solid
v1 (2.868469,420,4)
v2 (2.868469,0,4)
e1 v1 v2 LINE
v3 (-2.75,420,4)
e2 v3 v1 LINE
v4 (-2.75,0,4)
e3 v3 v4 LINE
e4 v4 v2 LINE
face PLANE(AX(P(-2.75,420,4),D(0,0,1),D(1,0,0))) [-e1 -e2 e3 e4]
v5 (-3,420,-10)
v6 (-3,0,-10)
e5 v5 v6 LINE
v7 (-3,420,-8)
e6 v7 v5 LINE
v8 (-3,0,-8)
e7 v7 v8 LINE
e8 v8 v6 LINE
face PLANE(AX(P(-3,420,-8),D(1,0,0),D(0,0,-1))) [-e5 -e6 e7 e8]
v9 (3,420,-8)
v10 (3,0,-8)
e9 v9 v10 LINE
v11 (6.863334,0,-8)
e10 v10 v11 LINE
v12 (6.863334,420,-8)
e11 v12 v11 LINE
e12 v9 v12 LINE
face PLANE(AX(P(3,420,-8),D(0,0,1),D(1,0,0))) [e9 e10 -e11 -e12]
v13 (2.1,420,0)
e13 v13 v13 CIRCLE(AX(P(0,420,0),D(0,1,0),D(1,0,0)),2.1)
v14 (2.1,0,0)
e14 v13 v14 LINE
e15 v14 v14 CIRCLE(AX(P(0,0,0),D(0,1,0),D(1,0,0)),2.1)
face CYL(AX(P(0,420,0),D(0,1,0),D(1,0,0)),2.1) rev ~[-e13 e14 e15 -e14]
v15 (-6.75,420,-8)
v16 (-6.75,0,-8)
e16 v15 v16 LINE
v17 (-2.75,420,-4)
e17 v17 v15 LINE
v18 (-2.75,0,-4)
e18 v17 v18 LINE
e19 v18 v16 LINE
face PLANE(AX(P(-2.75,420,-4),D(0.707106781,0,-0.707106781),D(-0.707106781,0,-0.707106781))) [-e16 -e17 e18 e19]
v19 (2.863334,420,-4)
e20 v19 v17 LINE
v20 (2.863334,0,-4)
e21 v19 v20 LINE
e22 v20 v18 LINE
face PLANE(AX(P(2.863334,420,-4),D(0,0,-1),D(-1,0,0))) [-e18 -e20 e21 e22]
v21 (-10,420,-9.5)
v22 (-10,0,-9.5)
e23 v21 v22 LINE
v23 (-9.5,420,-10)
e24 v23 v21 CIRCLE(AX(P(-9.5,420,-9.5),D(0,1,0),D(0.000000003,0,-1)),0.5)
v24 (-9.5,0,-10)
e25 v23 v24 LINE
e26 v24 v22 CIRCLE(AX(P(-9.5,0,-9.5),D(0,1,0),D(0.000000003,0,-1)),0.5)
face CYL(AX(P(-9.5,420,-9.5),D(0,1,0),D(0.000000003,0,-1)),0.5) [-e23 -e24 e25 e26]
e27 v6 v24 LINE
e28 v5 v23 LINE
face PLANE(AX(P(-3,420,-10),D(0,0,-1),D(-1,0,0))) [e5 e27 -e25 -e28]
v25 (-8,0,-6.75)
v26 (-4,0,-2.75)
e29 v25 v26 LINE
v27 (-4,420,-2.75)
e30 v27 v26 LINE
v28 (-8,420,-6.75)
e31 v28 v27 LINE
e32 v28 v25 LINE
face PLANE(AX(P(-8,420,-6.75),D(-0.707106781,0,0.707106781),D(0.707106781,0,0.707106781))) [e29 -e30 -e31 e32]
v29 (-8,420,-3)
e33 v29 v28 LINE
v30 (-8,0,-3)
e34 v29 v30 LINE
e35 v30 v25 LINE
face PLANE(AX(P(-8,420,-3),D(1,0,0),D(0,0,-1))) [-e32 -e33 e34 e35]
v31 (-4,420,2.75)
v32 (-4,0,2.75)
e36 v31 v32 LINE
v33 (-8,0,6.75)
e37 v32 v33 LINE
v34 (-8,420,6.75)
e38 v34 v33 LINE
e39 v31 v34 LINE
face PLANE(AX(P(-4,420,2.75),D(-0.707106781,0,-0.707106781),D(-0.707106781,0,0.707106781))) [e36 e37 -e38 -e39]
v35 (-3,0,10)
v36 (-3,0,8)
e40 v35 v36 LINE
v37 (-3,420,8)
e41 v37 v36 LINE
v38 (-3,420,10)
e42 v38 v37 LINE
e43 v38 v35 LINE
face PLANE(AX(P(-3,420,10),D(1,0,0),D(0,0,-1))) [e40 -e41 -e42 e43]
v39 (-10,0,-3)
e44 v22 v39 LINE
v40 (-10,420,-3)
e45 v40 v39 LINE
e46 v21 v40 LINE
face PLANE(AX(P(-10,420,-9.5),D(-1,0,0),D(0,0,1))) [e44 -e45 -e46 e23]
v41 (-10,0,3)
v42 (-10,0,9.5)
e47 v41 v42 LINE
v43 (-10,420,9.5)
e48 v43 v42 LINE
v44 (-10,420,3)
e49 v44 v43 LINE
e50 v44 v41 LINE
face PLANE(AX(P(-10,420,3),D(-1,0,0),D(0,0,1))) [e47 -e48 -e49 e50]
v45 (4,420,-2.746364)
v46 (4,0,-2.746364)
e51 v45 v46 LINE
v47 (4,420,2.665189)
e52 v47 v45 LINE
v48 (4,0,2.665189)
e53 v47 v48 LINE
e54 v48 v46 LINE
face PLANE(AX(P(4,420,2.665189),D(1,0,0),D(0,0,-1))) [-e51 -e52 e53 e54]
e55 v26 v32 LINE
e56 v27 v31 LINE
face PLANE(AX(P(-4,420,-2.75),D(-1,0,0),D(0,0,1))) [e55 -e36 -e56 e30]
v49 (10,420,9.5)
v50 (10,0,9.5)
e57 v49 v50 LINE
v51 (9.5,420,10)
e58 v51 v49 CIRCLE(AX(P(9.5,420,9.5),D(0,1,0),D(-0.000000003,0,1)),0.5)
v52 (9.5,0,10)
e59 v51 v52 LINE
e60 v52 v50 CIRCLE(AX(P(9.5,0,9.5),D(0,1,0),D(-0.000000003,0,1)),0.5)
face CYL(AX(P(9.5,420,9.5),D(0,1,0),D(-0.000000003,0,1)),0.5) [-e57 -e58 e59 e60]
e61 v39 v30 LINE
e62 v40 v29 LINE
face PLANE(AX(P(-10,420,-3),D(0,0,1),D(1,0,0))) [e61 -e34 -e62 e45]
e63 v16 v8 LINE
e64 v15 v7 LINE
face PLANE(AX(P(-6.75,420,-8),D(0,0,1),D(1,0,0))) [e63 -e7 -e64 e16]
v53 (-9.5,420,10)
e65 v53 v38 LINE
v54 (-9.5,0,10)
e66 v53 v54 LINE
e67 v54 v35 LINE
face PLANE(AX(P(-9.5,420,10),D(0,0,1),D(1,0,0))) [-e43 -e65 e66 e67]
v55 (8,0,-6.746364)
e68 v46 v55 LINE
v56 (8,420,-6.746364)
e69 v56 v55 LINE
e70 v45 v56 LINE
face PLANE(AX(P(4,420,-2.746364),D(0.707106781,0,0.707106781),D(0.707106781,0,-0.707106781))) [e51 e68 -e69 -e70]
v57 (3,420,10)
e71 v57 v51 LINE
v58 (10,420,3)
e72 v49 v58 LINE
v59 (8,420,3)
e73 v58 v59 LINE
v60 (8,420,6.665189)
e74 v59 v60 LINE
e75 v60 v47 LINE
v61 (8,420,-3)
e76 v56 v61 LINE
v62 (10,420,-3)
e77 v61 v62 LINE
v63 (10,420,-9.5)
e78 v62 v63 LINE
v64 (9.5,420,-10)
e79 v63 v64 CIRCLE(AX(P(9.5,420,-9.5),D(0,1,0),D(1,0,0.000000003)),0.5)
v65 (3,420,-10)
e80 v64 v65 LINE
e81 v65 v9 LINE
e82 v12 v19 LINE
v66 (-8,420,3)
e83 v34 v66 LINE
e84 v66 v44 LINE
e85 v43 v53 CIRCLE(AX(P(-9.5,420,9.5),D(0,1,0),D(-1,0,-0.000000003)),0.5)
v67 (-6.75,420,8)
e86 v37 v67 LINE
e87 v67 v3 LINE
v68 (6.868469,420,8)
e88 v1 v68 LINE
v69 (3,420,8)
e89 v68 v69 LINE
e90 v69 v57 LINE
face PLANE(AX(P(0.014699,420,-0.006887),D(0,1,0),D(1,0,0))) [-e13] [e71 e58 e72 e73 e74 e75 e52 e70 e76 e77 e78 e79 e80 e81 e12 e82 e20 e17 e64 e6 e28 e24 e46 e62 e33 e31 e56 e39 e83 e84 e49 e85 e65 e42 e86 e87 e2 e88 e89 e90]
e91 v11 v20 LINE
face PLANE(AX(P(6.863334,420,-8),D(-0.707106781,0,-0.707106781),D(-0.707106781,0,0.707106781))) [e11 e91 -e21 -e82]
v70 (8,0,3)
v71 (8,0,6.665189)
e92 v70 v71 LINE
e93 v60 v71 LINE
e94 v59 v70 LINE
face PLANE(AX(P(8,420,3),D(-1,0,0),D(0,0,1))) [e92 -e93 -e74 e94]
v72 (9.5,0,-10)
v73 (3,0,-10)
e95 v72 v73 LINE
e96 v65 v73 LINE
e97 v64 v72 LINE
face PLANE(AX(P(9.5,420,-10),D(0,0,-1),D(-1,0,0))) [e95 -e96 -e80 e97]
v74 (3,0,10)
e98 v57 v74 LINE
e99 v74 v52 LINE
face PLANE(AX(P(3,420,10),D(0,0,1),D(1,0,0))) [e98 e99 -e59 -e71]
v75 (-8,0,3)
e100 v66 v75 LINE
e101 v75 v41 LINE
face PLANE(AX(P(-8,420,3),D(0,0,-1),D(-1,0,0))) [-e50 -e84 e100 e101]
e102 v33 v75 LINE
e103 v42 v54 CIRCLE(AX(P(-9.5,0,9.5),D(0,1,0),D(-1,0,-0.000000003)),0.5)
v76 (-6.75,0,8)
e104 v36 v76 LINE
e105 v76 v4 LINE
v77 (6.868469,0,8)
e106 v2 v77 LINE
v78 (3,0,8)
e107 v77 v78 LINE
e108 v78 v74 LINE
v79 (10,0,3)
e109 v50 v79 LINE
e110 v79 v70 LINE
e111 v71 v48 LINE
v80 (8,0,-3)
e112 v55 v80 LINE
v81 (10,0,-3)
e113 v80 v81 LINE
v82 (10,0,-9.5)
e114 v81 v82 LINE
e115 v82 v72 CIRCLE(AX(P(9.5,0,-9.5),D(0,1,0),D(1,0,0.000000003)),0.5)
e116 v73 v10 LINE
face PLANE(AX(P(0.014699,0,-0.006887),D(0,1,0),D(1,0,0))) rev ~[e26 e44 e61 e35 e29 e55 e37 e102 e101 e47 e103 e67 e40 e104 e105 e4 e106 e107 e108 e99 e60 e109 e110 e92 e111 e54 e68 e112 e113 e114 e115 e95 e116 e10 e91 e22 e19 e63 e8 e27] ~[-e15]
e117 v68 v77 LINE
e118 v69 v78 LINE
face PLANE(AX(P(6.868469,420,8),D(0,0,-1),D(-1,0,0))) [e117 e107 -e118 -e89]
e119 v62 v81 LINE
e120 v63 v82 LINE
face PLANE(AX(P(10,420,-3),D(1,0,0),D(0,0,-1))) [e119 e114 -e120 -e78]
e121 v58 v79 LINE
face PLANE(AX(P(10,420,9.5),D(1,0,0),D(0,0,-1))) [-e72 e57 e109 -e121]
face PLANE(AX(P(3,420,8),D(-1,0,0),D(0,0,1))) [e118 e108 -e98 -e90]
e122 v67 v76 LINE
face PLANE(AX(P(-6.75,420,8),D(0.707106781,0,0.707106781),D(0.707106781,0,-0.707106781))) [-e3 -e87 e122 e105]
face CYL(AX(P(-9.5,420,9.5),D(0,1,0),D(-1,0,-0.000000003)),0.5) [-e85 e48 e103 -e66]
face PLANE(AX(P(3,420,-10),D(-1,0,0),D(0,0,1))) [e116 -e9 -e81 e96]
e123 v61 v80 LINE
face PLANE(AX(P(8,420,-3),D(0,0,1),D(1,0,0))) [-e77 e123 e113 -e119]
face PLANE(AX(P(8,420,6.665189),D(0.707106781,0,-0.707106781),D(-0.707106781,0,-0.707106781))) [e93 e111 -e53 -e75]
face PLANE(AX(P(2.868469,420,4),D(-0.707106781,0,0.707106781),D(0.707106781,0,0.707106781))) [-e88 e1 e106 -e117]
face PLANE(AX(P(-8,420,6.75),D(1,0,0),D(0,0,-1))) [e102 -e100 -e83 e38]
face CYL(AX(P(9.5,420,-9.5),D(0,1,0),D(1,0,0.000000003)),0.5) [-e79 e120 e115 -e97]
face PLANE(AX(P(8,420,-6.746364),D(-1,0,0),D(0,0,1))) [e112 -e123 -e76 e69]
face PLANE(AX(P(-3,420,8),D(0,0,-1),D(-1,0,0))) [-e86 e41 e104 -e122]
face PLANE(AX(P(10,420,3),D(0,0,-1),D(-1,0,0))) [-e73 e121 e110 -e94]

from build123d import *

# Parameters (mm, degrees)
SKETCH1_R           = 2.1
BOSS_EXTRUDE1_DEPTH = 420


with BuildPart() as part:
    # Sketch1 → Boss-Extrude1 (new body)
    with BuildSketch(Plane(origin=(0, 420, 0), x_dir=(1, 0, 0), z_dir=(0, 1, 0))):
        with BuildLine():
            Line((4, 2.746364236), (8, 6.746364236))
            Line((8, 6.746364236), (8, 3))
            Line((8, 3), (10, 3))
            Line((10, 3), (10, 9.5))
            ThreePointArc((10, 9.5), (9.853553391, 9.853553391), (9.5, 10))
            Line((9.5, 10), (3, 10))
            Line((3, 10), (3, 8))
            Line((3, 8), (6.863334179, 8))
            Line((6.863334179, 8), (2.863334179, 4))
            Line((2.863334179, 4), (-2.75, 4))
            Line((-2.75, 4), (-6.75, 8))
            Line((-6.75, 8), (-3, 8))
            Line((-3, 8), (-3, 10))
            Line((-3, 10), (-9.5, 10))
            ThreePointArc((-9.5, 10), (-9.853553391, 9.853553391), (-10, 9.5))
            Line((-10, 9.5), (-10, 3))
            Line((-10, 3), (-8, 3))
            Line((-8, 3), (-8, 6.75))
            Line((-8, 6.75), (-4, 2.75))
            Line((-4, 2.75), (-4, -2.75))
            Line((-4, -2.75), (-8, -6.75))
            Line((-8, -6.75), (-8, -3))
            Line((-8, -3), (-10, -3))
            Line((-10, -3), (-10, -9.5))
            ThreePointArc((-10, -9.5), (-9.853553391, -9.853553391), (-9.5, -10))
            Line((-9.5, -10), (-3, -10))
            Line((-3, -10), (-3, -8))
            Line((-3, -8), (-6.75, -8))
            Line((-6.75, -8), (-2.75, -4))
            Line((-2.75, -4), (2.868469119, -4))
            Line((2.868469119, -4), (6.868469119, -8))
            Line((6.868469119, -8), (3, -8))
            Line((3, -8), (3, -10))
            Line((3, -10), (9.5, -10))
            ThreePointArc((9.5, -10), (9.853553391, -9.853553391), (10, -9.5))
            Line((10, -9.5), (10, -3))
            Line((10, -3), (8, -3))
            Line((8, -3), (8, -6.665189266))
            Line((8, -6.665189266), (4, -2.665189266))
            Line((4, -2.665189266), (4, 2.746364236))
        make_face()
        Circle(SKETCH1_R, mode=Mode.SUBTRACT)
    extrude(amount=-BOSS_EXTRUDE1_DEPTH)


solid = part.part
